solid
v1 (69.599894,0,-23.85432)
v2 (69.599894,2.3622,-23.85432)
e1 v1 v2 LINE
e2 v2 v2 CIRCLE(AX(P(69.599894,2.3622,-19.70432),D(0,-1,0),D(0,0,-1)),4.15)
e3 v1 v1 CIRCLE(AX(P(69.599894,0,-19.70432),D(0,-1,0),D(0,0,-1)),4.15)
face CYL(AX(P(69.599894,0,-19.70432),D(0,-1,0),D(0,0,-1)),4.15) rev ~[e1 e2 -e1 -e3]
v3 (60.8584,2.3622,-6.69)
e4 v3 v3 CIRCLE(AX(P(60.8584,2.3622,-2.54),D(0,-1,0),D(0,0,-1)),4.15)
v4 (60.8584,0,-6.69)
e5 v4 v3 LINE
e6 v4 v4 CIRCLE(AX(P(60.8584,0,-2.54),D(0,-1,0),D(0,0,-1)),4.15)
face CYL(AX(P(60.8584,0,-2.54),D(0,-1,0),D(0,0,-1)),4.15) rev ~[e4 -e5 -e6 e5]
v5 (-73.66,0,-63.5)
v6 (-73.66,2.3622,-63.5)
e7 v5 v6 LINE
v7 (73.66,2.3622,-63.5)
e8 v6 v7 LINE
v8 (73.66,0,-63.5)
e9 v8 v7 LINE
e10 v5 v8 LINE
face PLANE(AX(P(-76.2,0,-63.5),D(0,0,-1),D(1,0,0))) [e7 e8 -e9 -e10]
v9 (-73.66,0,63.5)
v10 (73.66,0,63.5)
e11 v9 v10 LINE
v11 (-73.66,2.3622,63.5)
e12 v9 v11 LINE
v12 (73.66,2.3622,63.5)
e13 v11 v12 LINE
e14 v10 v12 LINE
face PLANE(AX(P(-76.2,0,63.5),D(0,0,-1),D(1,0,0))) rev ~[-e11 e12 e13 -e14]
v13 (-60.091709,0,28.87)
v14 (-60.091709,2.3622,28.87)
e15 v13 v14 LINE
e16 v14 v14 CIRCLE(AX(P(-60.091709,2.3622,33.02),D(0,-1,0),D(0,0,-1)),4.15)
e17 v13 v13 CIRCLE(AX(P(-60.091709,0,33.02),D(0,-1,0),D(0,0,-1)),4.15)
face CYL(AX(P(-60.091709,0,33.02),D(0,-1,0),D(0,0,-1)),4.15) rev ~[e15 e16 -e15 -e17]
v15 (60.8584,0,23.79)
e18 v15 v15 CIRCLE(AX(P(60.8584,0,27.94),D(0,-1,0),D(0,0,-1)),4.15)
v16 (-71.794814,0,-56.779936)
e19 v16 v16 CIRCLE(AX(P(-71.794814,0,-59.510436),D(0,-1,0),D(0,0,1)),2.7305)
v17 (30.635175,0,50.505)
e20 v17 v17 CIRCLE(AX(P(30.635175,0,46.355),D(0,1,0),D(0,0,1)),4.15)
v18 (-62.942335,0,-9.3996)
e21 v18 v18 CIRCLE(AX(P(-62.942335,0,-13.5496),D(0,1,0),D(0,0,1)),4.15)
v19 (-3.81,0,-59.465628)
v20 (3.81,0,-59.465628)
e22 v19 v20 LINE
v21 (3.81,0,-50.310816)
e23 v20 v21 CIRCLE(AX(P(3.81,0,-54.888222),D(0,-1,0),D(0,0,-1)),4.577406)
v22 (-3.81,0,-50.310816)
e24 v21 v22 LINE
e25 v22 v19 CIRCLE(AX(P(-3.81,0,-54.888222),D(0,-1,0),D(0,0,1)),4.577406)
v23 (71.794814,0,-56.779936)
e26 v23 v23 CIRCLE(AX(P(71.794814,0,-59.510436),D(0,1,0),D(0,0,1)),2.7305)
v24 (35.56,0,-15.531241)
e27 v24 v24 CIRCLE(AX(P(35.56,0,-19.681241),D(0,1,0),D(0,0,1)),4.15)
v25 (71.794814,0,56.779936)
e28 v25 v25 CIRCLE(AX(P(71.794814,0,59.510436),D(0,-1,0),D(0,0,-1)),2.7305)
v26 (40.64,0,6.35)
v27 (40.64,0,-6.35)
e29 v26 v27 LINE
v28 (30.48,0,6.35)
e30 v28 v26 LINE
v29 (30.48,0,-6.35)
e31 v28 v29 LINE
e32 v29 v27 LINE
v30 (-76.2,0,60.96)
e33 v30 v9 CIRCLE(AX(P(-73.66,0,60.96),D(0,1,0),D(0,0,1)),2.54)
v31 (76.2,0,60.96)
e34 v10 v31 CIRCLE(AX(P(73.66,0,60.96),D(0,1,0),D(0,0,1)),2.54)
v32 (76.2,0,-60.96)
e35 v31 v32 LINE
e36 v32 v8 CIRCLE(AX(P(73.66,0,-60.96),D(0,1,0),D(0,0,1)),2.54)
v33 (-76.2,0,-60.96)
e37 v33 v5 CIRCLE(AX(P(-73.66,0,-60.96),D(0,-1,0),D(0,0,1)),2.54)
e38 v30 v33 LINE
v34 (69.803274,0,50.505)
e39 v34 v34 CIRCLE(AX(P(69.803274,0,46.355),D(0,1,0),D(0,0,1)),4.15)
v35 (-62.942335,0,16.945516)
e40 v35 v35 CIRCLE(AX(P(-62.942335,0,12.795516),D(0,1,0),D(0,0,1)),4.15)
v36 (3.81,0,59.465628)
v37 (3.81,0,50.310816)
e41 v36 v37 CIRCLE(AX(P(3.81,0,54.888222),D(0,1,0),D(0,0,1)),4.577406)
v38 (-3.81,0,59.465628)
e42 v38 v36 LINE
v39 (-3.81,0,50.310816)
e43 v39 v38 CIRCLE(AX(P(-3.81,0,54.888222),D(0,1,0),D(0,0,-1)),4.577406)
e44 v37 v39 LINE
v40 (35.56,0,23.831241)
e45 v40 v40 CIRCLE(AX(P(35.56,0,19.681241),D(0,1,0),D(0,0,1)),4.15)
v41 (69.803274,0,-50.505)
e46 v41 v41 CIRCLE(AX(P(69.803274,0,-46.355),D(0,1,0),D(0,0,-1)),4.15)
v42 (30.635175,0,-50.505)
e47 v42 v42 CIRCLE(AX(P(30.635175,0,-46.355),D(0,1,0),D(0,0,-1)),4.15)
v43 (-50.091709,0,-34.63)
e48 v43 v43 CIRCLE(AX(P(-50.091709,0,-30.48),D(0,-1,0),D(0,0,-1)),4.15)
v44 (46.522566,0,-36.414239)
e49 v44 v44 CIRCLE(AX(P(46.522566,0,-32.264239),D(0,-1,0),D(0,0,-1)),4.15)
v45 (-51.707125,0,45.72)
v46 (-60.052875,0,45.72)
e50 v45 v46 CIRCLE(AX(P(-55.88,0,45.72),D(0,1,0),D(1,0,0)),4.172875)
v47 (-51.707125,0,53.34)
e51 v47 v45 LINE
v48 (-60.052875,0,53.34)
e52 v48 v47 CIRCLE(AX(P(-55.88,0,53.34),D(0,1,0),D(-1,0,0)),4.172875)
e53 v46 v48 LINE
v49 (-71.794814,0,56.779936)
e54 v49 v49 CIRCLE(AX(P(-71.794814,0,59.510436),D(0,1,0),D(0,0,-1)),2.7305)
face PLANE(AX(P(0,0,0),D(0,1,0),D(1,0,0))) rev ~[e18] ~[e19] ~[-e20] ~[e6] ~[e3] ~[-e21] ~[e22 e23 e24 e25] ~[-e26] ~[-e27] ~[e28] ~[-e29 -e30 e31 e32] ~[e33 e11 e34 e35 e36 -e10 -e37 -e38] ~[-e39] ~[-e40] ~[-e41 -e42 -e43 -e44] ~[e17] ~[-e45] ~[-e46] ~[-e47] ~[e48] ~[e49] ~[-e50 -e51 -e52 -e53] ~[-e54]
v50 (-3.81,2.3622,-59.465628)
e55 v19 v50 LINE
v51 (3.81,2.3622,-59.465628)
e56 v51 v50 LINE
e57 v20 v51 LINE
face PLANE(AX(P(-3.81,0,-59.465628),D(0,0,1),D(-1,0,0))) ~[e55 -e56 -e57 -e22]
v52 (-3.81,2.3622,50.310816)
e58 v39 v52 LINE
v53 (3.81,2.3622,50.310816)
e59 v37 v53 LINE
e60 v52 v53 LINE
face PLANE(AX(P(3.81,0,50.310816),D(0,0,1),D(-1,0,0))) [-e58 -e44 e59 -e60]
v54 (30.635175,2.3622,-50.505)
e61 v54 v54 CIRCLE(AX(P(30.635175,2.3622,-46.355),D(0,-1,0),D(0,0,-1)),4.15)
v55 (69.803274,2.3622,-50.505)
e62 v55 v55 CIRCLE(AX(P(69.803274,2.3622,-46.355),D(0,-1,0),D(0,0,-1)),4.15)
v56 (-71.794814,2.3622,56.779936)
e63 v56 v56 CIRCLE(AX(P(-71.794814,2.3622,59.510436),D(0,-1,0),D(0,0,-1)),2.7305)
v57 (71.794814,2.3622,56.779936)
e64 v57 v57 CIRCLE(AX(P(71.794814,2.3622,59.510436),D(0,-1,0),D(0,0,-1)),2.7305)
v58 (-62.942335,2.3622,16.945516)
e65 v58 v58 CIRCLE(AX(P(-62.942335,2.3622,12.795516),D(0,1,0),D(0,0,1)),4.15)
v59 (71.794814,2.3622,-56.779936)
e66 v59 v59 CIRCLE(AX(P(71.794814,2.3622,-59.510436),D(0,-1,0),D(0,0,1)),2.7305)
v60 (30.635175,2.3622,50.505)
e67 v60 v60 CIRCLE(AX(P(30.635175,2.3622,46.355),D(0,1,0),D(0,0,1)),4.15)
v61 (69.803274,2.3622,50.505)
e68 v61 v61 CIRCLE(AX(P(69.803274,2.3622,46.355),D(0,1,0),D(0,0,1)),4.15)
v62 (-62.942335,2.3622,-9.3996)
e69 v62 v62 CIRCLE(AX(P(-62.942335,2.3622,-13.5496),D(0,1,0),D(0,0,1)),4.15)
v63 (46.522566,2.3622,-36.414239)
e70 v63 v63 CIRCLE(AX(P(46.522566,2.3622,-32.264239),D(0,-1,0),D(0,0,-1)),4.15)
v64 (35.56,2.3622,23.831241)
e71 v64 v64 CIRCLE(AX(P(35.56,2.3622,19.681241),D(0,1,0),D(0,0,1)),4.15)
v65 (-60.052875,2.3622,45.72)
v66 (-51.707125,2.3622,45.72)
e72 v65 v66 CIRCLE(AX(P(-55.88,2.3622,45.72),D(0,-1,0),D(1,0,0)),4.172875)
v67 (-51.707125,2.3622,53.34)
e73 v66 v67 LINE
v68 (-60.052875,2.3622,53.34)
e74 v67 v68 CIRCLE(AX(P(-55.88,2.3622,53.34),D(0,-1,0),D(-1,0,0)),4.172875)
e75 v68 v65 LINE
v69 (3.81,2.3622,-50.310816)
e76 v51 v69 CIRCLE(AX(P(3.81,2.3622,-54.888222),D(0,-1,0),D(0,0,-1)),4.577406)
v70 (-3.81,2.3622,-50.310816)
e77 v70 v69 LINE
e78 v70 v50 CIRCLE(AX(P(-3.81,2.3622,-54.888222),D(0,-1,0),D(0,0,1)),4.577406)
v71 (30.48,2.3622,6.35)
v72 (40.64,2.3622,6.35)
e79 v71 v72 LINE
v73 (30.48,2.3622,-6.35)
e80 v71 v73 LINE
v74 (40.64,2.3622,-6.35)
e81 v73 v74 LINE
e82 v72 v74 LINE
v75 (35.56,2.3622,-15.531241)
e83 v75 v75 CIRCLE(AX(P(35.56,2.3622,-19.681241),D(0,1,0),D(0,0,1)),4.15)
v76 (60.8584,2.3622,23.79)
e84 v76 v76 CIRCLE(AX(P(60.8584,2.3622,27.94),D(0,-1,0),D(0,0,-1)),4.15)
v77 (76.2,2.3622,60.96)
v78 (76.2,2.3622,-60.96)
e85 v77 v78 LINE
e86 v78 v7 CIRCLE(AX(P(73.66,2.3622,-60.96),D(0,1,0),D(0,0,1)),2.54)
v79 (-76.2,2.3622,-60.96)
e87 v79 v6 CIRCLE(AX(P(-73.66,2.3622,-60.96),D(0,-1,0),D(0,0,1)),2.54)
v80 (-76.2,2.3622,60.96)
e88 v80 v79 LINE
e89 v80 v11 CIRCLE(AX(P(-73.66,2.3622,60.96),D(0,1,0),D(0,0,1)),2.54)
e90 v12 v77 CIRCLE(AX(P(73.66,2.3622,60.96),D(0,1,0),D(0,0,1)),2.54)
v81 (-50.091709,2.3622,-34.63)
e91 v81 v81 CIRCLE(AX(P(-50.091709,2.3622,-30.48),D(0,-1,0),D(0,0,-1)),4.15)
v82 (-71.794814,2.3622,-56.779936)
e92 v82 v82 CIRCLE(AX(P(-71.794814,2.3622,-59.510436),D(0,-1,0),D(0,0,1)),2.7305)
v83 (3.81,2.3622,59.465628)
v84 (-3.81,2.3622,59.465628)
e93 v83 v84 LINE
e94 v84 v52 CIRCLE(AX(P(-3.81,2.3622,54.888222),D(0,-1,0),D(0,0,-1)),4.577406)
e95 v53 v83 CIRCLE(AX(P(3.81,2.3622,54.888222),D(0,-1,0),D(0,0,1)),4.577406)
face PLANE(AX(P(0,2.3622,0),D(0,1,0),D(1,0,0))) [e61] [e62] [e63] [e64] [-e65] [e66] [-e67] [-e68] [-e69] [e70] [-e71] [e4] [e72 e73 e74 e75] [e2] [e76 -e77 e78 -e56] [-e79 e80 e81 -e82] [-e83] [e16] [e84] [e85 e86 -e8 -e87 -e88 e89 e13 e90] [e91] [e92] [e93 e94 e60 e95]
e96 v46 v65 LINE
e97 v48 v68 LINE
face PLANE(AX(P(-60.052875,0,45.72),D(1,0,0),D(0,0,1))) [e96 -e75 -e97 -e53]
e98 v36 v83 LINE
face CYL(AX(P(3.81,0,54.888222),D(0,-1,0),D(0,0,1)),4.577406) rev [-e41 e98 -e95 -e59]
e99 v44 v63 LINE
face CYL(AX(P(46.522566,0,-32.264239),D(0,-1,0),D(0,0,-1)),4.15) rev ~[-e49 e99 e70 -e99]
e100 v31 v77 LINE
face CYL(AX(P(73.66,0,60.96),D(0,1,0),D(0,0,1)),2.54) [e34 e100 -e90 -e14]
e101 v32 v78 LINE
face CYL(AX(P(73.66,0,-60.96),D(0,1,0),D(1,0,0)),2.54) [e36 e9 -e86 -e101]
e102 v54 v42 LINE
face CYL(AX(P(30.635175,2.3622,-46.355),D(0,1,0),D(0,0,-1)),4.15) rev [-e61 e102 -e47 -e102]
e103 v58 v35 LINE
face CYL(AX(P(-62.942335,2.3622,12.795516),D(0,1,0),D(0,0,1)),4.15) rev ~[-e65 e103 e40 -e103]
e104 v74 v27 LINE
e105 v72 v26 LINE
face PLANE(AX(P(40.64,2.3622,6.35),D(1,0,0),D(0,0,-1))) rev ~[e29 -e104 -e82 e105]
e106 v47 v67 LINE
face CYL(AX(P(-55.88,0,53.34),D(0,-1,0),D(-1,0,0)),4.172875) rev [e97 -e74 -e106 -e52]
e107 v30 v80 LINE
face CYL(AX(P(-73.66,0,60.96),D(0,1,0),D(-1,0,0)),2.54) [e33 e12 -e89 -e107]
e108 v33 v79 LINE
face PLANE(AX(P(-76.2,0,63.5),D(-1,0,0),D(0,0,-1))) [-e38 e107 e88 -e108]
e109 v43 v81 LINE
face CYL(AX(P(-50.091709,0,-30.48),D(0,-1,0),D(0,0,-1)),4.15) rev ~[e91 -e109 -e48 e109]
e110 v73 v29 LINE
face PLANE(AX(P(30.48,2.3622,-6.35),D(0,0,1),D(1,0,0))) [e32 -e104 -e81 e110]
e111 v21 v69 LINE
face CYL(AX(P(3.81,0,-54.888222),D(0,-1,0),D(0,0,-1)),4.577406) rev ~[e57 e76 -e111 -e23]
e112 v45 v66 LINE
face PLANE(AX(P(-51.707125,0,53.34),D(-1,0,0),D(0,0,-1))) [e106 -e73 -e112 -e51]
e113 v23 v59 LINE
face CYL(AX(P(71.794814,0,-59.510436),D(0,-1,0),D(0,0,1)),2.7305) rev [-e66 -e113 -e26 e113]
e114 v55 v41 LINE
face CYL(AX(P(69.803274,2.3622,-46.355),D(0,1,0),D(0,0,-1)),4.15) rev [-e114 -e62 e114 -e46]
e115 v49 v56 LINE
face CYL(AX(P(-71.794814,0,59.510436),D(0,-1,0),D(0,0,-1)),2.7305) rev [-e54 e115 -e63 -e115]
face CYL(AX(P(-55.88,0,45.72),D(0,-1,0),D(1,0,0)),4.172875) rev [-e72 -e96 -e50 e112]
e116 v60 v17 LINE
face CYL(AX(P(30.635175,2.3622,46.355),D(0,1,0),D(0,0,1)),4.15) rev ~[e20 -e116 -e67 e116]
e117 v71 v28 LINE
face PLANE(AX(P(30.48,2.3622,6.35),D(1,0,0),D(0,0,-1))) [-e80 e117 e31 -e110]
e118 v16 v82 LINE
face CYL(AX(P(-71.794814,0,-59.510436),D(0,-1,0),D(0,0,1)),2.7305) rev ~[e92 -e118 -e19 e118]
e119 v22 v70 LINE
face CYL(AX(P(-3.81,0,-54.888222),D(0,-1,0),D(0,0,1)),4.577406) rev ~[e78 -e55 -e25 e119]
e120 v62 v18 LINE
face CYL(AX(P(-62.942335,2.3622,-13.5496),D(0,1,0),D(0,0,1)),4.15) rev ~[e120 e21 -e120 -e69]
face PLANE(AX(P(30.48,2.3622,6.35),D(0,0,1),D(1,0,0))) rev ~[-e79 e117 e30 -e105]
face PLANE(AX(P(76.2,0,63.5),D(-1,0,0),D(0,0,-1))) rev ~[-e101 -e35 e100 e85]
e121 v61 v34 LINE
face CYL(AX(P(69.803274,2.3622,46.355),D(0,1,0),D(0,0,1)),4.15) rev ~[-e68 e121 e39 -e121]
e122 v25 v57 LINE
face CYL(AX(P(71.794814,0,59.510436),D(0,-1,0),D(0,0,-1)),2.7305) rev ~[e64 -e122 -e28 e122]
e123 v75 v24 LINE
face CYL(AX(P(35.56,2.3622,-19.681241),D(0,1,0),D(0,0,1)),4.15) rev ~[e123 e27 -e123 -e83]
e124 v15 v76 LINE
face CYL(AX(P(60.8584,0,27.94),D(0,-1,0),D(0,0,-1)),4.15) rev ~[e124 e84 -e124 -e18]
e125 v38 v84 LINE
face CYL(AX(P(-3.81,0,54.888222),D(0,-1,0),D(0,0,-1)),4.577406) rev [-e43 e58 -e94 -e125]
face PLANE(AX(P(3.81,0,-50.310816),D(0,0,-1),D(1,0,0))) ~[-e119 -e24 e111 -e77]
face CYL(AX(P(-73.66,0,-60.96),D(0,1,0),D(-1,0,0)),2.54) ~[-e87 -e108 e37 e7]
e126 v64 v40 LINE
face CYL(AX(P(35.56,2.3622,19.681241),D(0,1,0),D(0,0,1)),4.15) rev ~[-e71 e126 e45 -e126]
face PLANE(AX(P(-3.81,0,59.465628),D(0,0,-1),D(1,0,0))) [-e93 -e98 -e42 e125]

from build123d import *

# Parameters (mm, degrees)
SKETCH1_W               = 152.4
SKETCH1_H               = 127
BOSS_EXTRUDE1_DEPTH     = 2.3622
FILLET1_R               = 2.54
SKETCH9_R               = 4.15
CUT_EXTRUDE8_DEPTH      = 100.218294628
CUT_EXTRUDE11_DEPTH     = 100.218294628
CUT_EXTRUDE12_DEPTH     = 100.218294628
SKETCH16_R              = 4.15
CUT_EXTRUDE14_DEPTH     = 100.218294628
SKETCH17_R              = 2.7305
CUT_EXTRUDE16_DEPTH     = 100.218294628
MIRROR7_COPY_1_SKETCH_R = 2.7305
MIRROR7_COPY_1_DEPTH    = 100.218294628
SKETCH26_W              = 10.16
SKETCH26_H              = 12.7
CUT_EXTRUDE26_DEPTH     = 100.218294628
SKETCH27_R              = 4.15
CUT_EXTRUDE27_DEPTH     = 100.218294628
SKETCH29_R              = 4.15
CUT_EXTRUDE28_DEPTH     = 100.218294628
SKETCH30_R              = 4.15
CUT_EXTRUDE29_DEPTH     = 100.218294628
SKETCH31_R              = 4.15
CUT_EXTRUDE30_DEPTH     = 100.218294628


with BuildPart() as part:
    # Sketch1 → Boss-Extrude1 (new body)
    with BuildSketch(Plane(origin=(0, 0, 0), x_dir=(1, 0, 0), z_dir=(0, 1, 0))):
        Rectangle(SKETCH1_W, SKETCH1_H)
    extrude(amount=BOSS_EXTRUDE1_DEPTH)

    # Fillet1
    fillet1_edges = [part.edges().sort_by_distance(p)[0] for p in [
        (76.2, 1.1811, 63.5),
        (-76.2, 1.1811, 63.5),
        (-76.2, 1.1811, -63.5),
        (76.2, 1.1811, -63.5),
    ]]
    fillet(fillet1_edges, radius=FILLET1_R)

    # Sketch9 → Cut-Extrude8 (cut, through all)
    with BuildSketch(Plane.XZ):
        with Locations(Location((60.8584, 27.94, 0), (0, 0, 270))):
            Circle(SKETCH9_R)
        with Locations(Location((60.8584, -2.54, 0), (0, 0, 270))):
            Circle(SKETCH9_R)
    extrude(amount=-CUT_EXTRUDE8_DEPTH, mode=Mode.SUBTRACT)

    # Sketch12 → Cut-Extrude11 (cut, through all)
    with BuildSketch(Plane.XZ):
        with BuildLine():
            Line((-3.81, 59.465627528), (3.81, 59.465627528))
            ThreePointArc((3.81, 59.465627528), (8.387405636, 54.888221892), (3.81, 50.310816255))
            Line((3.81, 50.310816255), (-3.81, 50.310816255))
            ThreePointArc((-3.81, 50.310816255), (-8.387405636, 54.888221892), (-3.81, 59.465627528))
        make_face()
    cut_extrude11 = extrude(amount=-CUT_EXTRUDE11_DEPTH, mode=Mode.SUBTRACT)

    # Mirror3: Cut-Extrude11 across plane
    add(cut_extrude11.mirror(Plane.XY), mode=Mode.SUBTRACT)

    # Sketch13 → Cut-Extrude12 (cut, through all)
    with BuildSketch(Plane(origin=(0, 0, 0), x_dir=(-1, 0, 0), z_dir=(0, -1, 0))):
        with BuildLine():
            Line((60.052874771, -45.72), (60.052874771, -53.34))
            ThreePointArc((60.052874771, -53.34), (55.88, -57.512874771), (51.707125229, -53.34))
            Line((51.707125229, -53.34), (51.707125229, -45.72))
            ThreePointArc((51.707125229, -45.72), (55.88, -41.547125229), (60.052874771, -45.72))
        make_face()
    extrude(amount=-CUT_EXTRUDE12_DEPTH, mode=Mode.SUBTRACT)

    # Sketch16 → Cut-Extrude14 (cut, through all)
    with BuildSketch(Plane(origin=(0, 0, 0), x_dir=(-1, 0, 0), z_dir=(0, -1, 0))):
        with Locations(Location((-69.599893995, 19.704320306, 0), (0, 0, 90))):
            Circle(SKETCH16_R)
        with Locations(Location((-46.522565834, 32.264238523, 0), (0, 0, 90))):
            Circle(SKETCH16_R)
    extrude(amount=-CUT_EXTRUDE14_DEPTH, mode=Mode.SUBTRACT)

    # Sketch17 → Cut-Extrude16 (cut, through all)
    with BuildSketch(Plane.XZ):
        with Locations(Location((71.794813785, 59.510435834, 0), (0, 0, 270))):
            Circle(SKETCH17_R)
    cut_extrude16 = extrude(amount=-CUT_EXTRUDE16_DEPTH, mode=Mode.SUBTRACT)

    # Mirror6: Cut-Extrude16 across plane
    add(cut_extrude16.mirror(Plane(origin=(0, 0, 0), x_dir=(0, 0, 1), z_dir=(1, 0, 0))), mode=Mode.SUBTRACT)

    # Mirror7: Cut-Extrude16 across plane
    add(cut_extrude16.mirror(Plane.XY), mode=Mode.SUBTRACT)

    # Mirror7 copy 1 sketch → Mirror7 copy 1 (cut, through all)
    with BuildSketch(Plane(origin=(0, 0, 0), x_dir=(-1, 0, 0), z_dir=(0, -1, 0))):
        with Locations(Location((71.794813785, 59.510435834, 0), (0, 0, 270))):
            Circle(MIRROR7_COPY_1_SKETCH_R)
    extrude(amount=-MIRROR7_COPY_1_DEPTH, mode=Mode.SUBTRACT)

    # Sketch26 → Cut-Extrude26 (cut, through all)
    with BuildSketch(Plane(origin=(0, 2.3622, 0), x_dir=(1, 0, 0), z_dir=(0, 1, 0))):
        with Locations((35.56, 0)):
            Rectangle(SKETCH26_W, SKETCH26_H)
    extrude(amount=-CUT_EXTRUDE26_DEPTH, mode=Mode.SUBTRACT)

    # Sketch27 → Cut-Extrude27 (cut, through all)
    with BuildSketch(Plane.XZ):
        with Locations(Location((-60.09170874, 33.02, 0), (0, 0, 270))):
            Circle(SKETCH27_R)
        with Locations(Location((-50.09170874, -30.48, 0), (0, 0, 270))):
            Circle(SKETCH27_R)
    extrude(amount=-CUT_EXTRUDE27_DEPTH, mode=Mode.SUBTRACT)

    # Sketch29 → Cut-Extrude28 (cut, through all)
    with BuildSketch(Plane(origin=(0, 2.3622, 0), x_dir=(1, 0, 0), z_dir=(0, 1, 0))):
        with Locations(Location((35.56, 19.681240592, 0), (0, 0, 270))):
            Circle(SKETCH29_R)
        with Locations(Location((35.56, -19.681240592, 0), (0, 0, 270))):
            Circle(SKETCH29_R)
    extrude(amount=-CUT_EXTRUDE28_DEPTH, mode=Mode.SUBTRACT)

    # Sketch30 → Cut-Extrude29 (cut, through all)
    with BuildSketch(Plane(origin=(0, 2.3622, 0), x_dir=(1, 0, 0), z_dir=(0, 1, 0))):
        with Locations(Location((69.803274088, -46.355, 0), (0, 0, 270))):
            Circle(SKETCH30_R)
        with Locations(Location((30.63517528, -46.355, 0), (0, 0, 270))):
            Circle(SKETCH30_R)
    cut_extrude29 = extrude(amount=-CUT_EXTRUDE29_DEPTH, mode=Mode.SUBTRACT)

    # Mirror8: Cut-Extrude29 across plane
    add(cut_extrude29.mirror(Plane.XY), mode=Mode.SUBTRACT)

    # Sketch31 → Cut-Extrude30 (cut, through all)
    with BuildSketch(Plane(origin=(0, 2.3622, 0), x_dir=(1, 0, 0), z_dir=(0, 1, 0))):
        with Locations(Location((-62.942335235, -12.79551579, 0), (0, 0, 270))):
            Circle(SKETCH31_R)
        with Locations(Location((-62.942335235, 13.549600091, 0), (0, 0, 270))):
            Circle(SKETCH31_R)
    extrude(amount=-CUT_EXTRUDE30_DEPTH, mode=Mode.SUBTRACT)


solid = part.part
